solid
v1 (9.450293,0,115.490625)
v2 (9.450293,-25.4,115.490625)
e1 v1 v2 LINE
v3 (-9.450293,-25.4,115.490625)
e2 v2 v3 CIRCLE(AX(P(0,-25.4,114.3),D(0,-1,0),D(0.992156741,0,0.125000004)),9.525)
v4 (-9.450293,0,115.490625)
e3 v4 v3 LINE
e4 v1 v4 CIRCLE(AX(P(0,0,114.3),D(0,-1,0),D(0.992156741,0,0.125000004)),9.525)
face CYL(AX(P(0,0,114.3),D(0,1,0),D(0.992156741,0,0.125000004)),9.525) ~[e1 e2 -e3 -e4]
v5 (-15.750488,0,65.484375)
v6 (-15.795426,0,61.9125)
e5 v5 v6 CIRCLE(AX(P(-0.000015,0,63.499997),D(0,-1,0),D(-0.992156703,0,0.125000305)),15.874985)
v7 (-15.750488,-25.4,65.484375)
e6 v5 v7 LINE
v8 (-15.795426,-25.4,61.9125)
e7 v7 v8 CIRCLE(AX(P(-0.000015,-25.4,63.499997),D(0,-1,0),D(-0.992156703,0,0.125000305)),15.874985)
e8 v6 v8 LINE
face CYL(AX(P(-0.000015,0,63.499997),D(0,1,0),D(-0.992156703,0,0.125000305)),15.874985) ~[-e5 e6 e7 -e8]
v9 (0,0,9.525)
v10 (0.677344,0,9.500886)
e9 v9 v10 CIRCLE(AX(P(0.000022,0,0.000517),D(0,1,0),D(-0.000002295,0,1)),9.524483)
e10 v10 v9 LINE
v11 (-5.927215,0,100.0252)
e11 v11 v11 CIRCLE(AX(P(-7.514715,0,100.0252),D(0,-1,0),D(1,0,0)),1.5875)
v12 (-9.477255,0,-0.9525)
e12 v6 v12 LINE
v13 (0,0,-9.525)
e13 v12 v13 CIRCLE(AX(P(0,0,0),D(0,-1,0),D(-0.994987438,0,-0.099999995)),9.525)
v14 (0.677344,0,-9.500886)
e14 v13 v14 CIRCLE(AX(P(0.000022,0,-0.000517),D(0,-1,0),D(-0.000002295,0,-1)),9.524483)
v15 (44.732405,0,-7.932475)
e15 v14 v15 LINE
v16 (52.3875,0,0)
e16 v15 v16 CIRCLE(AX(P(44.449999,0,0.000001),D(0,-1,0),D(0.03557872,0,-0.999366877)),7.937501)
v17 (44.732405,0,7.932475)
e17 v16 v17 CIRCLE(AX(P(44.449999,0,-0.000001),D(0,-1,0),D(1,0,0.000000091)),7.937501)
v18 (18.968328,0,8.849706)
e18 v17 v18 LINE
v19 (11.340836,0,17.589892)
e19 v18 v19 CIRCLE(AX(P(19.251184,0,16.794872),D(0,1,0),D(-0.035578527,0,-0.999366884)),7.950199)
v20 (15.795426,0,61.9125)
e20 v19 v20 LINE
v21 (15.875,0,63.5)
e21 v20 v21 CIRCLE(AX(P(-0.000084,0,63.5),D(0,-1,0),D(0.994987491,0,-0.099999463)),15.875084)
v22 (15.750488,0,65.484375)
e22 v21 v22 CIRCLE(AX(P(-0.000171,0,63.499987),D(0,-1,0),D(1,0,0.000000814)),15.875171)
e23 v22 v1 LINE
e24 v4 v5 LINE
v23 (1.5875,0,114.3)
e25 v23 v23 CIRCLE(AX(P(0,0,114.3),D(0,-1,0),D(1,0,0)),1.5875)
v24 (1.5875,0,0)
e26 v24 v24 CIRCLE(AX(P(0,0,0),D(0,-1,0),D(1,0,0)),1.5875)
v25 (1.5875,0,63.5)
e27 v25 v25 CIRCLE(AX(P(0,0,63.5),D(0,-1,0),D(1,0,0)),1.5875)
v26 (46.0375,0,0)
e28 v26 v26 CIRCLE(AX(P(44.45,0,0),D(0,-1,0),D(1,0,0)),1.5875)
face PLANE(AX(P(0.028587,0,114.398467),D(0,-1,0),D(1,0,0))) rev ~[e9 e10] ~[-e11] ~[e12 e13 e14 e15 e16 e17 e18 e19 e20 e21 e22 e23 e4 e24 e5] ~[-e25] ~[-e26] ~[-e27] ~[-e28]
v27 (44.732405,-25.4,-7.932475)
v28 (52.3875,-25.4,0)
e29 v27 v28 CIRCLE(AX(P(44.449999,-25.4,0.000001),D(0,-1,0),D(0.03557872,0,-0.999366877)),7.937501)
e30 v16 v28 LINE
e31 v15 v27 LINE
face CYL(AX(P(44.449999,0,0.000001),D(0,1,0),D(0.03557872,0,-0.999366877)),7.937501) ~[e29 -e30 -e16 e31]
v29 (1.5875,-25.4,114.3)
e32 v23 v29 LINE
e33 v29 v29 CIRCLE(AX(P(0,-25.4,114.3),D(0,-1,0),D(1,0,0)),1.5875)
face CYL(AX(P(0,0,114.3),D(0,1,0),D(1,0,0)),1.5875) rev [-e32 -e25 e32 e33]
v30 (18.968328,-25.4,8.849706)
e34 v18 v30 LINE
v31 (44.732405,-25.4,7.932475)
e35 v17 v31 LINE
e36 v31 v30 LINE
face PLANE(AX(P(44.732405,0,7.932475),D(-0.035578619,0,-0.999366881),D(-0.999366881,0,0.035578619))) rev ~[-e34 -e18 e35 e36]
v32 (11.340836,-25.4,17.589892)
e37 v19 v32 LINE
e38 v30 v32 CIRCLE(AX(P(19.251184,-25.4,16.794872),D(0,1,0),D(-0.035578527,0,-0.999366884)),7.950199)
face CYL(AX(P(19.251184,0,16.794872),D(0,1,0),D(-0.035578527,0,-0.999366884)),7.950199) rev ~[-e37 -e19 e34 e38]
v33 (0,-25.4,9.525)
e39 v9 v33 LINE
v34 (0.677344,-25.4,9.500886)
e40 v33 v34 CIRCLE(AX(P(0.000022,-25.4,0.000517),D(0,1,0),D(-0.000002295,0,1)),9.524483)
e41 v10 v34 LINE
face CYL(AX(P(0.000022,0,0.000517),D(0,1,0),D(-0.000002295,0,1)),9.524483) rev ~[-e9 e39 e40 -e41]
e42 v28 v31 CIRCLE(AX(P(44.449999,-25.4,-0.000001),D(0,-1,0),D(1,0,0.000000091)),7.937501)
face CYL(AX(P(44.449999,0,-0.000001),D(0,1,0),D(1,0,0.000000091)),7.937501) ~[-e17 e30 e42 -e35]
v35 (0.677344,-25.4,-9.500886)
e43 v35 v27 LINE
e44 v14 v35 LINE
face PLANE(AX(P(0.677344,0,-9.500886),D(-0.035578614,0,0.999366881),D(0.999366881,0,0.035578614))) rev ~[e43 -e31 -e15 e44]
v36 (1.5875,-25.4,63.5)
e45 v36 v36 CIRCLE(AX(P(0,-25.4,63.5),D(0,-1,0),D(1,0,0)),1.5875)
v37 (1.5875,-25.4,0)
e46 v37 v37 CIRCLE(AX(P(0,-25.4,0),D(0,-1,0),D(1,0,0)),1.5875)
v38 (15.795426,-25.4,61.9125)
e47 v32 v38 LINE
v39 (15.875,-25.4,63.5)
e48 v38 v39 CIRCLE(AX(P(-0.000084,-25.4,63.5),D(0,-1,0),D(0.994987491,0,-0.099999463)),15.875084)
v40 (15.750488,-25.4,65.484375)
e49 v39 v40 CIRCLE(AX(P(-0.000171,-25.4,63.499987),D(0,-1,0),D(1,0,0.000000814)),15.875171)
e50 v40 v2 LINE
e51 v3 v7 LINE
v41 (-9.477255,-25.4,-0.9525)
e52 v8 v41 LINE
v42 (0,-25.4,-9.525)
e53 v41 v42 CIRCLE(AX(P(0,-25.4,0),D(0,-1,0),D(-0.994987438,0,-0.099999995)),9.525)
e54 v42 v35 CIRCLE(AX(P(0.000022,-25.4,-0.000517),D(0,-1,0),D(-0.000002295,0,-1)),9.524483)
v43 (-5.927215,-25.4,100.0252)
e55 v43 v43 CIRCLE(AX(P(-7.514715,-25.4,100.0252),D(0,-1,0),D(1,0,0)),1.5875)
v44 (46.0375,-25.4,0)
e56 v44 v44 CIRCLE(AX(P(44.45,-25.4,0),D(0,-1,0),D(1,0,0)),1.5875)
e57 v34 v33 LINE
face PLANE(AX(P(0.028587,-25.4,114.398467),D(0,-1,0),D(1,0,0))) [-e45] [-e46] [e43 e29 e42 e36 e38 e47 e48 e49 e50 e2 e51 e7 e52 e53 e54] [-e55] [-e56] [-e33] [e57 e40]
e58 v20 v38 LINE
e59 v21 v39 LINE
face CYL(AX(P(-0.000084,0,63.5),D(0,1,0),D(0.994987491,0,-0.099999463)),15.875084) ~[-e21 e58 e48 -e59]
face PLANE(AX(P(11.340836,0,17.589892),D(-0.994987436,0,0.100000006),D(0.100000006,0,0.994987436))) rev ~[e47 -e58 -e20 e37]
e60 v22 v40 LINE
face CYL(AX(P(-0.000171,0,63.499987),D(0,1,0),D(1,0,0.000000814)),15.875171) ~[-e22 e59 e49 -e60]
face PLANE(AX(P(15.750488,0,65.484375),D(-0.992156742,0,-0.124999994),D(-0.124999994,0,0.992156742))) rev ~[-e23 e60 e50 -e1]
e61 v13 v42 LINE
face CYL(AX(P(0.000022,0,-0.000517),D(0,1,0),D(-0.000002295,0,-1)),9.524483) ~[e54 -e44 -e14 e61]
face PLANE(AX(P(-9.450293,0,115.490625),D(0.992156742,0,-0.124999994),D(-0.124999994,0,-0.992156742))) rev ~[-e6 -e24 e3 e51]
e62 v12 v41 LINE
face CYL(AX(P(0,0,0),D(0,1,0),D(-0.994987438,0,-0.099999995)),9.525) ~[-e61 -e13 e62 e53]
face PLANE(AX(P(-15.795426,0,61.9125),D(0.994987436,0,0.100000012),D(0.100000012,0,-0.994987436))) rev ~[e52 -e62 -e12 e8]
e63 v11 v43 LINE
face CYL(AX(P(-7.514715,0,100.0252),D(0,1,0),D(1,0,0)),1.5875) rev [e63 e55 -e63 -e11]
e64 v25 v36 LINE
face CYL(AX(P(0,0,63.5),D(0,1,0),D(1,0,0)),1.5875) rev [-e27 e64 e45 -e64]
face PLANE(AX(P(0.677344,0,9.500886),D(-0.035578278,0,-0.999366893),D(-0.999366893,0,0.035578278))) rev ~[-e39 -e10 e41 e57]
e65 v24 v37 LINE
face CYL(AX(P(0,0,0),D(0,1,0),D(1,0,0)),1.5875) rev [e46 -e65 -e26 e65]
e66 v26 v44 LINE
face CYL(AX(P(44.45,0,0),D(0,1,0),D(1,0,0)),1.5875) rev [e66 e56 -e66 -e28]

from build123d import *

# Parameters (mm, degrees)
F0_R     = 1.5875
F1_DEPTH = 25.4


with BuildPart() as f1:
    # F0 (on Front) → F1 (new body)
    with BuildSketch(Plane.XZ):
        with BuildLine():
            ThreePointArc((-9.450293, 115.490625), (-0.596483, 104.793695), (9.525, 114.3))
            ThreePointArc((9.525, 114.3), (9.506305, 114.896483), (9.450293, 115.490625))
            ThreePointArc((9.450293, 115.490625), (0, 123.825), (-9.450293, 115.490625))
        make_face()
        with Locations((0, 114.3)):
            Circle(F0_R, mode=Mode.SUBTRACT)
        with BuildLine():
            ThreePointArc((9.450293, 115.490625), (9.506305, 114.896483), (9.525, 114.3))
            ThreePointArc((9.525, 114.3), (-0.596483, 104.793695), (-9.450293, 115.490625))
            Line((-9.450293, 115.490625), (-15.750488, 65.484375))
            ThreePointArc((-15.750488, 65.484375), (0, 79.375), (15.750488, 65.484375))
            Line((15.750488, 65.484375), (9.450293, 115.490625))
        make_face()
        with Locations((-7.514715, 100.0252)):
            Circle(F0_R, mode=Mode.SUBTRACT)
        with BuildLine():
            ThreePointArc((15.875, 63.5), (15.843841, 64.494139), (15.750488, 65.484375))
            ThreePointArc((15.750488, 65.484375), (0, 79.375), (-15.750488, 65.484375))
            ThreePointArc((-15.750488, 65.484375), (-15.873744, 63.699705), (-15.795426, 61.9125))
            ThreePointArc((-15.795426, 61.9125), (0, 47.625), (15.795426, 61.9125))
            ThreePointArc((15.795426, 61.9125), (15.855094, 62.705253), (15.875, 63.5))
        make_face()
        with Locations((0, 63.5)):
            Circle(F0_R, mode=Mode.SUBTRACT)
        with BuildLine():
            ThreePointArc((15.795426, 61.9125), (0, 47.625), (-15.795426, 61.9125))
            Line((-15.795426, 61.9125), (-9.477255, -0.9525))
            ThreePointArc((-9.477255, -0.9525), (-7.063929, 6.389564), (0, 9.525))
            ThreePointArc((0, 9.525), (0.338886, 9.51897), (0.677344, 9.500886))
            ThreePointArc((0.677344, 9.500886), (6.970557, 6.491299), (9.525, 0))
            ThreePointArc((9.525, 0), (9.513056, -0.476848), (9.477255, -0.9525))
            ThreePointArc((9.477255, -0.9525), (6.636844, -6.832125), (0.677344, -9.500886))
            Line((0.677344, -9.500886), (44.732405, -7.932475))
            ThreePointArc((44.732405, -7.932475), (36.5125, 0), (44.732405, 7.932475))
            Line((44.732405, 7.932475), (18.968328, 8.849706))
            ThreePointArc((18.968328, 8.849706), (13.261204, 11.567463), (11.340836, 17.589892))
            Line((11.340836, 17.589892), (15.795426, 61.9125))
        make_face()
        with BuildLine():
            ThreePointArc((0, 9.525), (-7.063929, 6.389564), (-9.477255, -0.9525))
            ThreePointArc((-9.477255, -0.9525), (-6.389564, -7.063929), (0, -9.525))
            Line((0, -9.525), (0.677344, -9.500886))
            ThreePointArc((0.677344, -9.500886), (6.636844, -6.832125), (9.477255, -0.9525))
            ThreePointArc((9.477255, -0.9525), (9.513056, -0.476848), (9.525, 0))
            ThreePointArc((9.525, 0), (6.970557, 6.491299), (0.677344, 9.500886))
            Line((0.677344, 9.500886), (0, 9.525))
        make_face()
        Circle(F0_R, mode=Mode.SUBTRACT)
        with BuildLine():
            Line((0.677344, -9.500886), (0, -9.525))
            ThreePointArc((0, -9.525), (0.338886, -9.51897), (0.677344, -9.500886))
        make_face()
        with BuildLine():
            ThreePointArc((52.3875, 0), (50.161633, 5.51191), (44.732405, 7.932475))
            ThreePointArc((44.732405, 7.932475), (36.5125, 0), (44.732405, -7.932475))
            ThreePointArc((44.732405, -7.932475), (50.161633, -5.51191), (52.3875, 0))
        make_face()
        with Locations((44.45, 0)):
            Circle(F0_R, mode=Mode.SUBTRACT)
    extrude(amount=F1_DEPTH)


solid = f1.part
